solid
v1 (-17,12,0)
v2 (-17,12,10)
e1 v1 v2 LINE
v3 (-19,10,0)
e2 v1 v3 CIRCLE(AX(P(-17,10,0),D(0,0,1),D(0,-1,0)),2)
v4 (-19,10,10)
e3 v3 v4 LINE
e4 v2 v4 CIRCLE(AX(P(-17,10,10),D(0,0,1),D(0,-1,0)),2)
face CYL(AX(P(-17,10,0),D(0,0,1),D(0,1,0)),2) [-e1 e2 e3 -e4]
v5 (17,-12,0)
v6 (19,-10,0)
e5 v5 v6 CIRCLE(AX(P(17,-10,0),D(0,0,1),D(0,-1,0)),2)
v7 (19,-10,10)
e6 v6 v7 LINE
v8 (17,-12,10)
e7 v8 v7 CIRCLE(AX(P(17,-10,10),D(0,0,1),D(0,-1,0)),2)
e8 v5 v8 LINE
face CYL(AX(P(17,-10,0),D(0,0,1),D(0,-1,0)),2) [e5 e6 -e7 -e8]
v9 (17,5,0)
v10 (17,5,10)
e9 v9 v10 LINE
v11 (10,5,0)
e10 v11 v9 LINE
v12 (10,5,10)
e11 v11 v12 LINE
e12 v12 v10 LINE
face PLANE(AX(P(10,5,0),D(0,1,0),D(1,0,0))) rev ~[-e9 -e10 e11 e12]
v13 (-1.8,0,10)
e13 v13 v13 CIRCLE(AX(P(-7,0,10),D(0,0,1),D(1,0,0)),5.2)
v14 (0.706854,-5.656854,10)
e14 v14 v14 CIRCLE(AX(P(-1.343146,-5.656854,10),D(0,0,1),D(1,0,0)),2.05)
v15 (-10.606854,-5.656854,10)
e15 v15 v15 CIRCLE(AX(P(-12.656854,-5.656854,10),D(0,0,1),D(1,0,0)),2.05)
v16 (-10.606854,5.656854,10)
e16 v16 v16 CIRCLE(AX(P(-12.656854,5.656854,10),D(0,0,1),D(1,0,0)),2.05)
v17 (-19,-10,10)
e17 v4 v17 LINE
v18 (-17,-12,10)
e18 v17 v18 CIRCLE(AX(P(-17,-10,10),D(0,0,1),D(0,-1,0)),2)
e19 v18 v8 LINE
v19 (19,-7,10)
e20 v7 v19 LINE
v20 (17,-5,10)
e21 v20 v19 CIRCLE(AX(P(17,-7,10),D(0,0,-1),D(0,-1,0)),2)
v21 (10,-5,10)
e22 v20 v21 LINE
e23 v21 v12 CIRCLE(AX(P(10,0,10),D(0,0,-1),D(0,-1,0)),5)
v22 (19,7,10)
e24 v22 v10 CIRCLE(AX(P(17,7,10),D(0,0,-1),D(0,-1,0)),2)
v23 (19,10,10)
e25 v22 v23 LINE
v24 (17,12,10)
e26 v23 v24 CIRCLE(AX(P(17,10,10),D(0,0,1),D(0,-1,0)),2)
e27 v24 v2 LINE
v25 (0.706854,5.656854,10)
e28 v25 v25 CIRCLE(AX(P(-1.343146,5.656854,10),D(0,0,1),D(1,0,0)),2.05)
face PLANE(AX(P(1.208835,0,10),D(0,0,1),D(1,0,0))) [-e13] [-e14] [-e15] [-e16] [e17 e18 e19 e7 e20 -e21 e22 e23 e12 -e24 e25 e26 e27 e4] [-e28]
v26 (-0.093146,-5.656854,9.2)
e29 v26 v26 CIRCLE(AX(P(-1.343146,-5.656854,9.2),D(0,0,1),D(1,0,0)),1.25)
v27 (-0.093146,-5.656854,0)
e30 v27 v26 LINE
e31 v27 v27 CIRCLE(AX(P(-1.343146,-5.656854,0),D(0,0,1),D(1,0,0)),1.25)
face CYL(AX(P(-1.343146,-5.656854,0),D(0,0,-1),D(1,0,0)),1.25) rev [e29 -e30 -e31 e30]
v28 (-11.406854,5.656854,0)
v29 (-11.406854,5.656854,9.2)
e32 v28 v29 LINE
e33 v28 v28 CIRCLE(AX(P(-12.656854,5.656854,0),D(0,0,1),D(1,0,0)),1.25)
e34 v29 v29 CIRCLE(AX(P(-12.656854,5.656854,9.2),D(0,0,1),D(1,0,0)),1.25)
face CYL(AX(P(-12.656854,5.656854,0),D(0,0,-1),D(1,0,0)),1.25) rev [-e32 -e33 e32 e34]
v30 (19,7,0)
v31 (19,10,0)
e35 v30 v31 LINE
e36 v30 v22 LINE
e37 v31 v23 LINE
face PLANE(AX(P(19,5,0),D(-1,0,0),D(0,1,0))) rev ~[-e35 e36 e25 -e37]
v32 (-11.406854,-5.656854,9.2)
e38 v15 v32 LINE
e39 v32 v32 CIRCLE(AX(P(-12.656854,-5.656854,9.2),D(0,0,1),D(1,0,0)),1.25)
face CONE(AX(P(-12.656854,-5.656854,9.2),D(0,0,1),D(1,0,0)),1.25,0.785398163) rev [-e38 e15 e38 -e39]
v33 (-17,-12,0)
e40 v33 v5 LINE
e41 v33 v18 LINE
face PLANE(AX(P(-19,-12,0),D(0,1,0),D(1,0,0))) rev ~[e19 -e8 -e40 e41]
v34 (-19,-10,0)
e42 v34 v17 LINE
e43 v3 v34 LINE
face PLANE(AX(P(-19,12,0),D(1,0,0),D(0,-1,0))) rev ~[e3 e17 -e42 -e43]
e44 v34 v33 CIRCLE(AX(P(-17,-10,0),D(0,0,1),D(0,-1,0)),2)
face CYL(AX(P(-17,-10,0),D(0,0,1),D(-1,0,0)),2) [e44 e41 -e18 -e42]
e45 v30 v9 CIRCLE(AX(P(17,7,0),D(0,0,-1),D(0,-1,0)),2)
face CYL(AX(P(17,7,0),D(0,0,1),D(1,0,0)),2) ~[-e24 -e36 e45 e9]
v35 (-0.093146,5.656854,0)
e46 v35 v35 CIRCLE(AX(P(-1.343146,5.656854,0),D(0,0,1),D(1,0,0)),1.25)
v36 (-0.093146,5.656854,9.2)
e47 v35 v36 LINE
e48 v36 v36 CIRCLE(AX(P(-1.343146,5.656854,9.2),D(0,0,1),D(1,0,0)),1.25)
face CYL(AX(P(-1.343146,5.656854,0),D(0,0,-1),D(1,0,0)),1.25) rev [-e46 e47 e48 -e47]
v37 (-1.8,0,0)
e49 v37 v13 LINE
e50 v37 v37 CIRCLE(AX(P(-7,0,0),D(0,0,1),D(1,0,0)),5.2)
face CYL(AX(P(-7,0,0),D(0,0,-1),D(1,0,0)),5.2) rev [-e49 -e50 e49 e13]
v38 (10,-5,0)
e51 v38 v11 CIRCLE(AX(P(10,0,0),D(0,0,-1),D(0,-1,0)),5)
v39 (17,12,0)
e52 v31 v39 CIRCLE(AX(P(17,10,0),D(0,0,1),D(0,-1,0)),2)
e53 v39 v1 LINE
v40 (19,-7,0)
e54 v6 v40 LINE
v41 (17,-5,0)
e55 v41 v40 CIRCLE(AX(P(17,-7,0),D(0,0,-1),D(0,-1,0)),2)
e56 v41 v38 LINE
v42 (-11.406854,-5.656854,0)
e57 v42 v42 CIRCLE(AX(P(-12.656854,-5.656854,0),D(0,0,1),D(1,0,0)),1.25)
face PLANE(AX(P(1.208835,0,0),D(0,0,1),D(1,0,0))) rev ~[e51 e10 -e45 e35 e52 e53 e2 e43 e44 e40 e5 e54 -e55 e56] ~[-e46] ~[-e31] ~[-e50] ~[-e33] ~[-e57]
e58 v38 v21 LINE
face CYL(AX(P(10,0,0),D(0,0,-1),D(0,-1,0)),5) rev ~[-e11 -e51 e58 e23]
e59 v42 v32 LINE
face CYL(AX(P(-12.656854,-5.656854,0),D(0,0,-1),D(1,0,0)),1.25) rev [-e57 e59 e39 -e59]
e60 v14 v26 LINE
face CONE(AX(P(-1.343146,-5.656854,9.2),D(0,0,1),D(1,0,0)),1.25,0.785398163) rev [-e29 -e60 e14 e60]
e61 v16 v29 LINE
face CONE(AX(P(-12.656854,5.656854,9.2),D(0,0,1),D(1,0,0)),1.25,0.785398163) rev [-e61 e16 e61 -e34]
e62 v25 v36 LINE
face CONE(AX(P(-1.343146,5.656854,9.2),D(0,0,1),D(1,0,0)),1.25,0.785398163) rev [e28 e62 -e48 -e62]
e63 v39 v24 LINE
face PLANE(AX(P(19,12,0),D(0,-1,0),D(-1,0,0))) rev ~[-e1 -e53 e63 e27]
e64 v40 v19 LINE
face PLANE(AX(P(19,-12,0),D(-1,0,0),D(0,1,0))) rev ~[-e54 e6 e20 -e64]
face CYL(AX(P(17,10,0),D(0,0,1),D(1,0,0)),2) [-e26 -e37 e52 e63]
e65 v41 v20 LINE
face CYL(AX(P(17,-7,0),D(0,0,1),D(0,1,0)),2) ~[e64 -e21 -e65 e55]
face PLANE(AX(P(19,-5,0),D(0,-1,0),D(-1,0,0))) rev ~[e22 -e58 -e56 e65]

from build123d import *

# Parameters (mm, degrees)
F0_R     = 1.25
F0_R_2   = 5.2
F1_DEPTH = 10
F2_R     = 2
F3_SIZE  = 0.8


with BuildPart() as f1:
    # F0 (on Top) → F1 (new body)
    with BuildSketch(Plane.XY):
        with BuildLine():
            Line((19, 5), (19, 12))
            Line((19, 12), (-19, 12))
            Line((-19, 12), (-19, -12))
            Line((-19, -12), (19, -12))
            Line((19, -12), (19, -5))
            Line((19, -5), (10, -5))
            ThreePointArc((10, -5), (5, 0), (10, 5))
            Line((10, 5), (19, 5))
        make_face()
        with Locations((-12.656854, -5.656854)):
            Circle(F0_R, mode=Mode.SUBTRACT)
        with Locations((-1.343146, -5.656854)):
            Circle(F0_R, mode=Mode.SUBTRACT)
        with Locations((-12.656854, 5.656854)):
            Circle(F0_R, mode=Mode.SUBTRACT)
        with Locations((-7, 0)):
            Circle(F0_R_2, mode=Mode.SUBTRACT)
        with Locations((-1.343146, 5.656854)):
            Circle(F0_R, mode=Mode.SUBTRACT)
    extrude(amount=F1_DEPTH)

    # F2
    f2_edges = [f1.edges().sort_by_distance(p)[0] for p in [
        (-19, -12, 5),
        (-19, 12, 5),
        (19, -12, 5),
        (19, -5, 5),
        (19, 5, 5),
        (19, 12, 5),
    ]]
    fillet(f2_edges, radius=F2_R)

    # F3
    f3_edges = [f1.edges().sort_by_distance(p)[0] for p in [
        (-13.906854, 5.656854, 10),
        (-2.593146, 5.656854, 10),
        (-2.593146, -5.656854, 10),
        (-13.906854, -5.656854, 10),
    ]]
    chamfer(f3_edges, length=F3_SIZE)


solid = f1.part
